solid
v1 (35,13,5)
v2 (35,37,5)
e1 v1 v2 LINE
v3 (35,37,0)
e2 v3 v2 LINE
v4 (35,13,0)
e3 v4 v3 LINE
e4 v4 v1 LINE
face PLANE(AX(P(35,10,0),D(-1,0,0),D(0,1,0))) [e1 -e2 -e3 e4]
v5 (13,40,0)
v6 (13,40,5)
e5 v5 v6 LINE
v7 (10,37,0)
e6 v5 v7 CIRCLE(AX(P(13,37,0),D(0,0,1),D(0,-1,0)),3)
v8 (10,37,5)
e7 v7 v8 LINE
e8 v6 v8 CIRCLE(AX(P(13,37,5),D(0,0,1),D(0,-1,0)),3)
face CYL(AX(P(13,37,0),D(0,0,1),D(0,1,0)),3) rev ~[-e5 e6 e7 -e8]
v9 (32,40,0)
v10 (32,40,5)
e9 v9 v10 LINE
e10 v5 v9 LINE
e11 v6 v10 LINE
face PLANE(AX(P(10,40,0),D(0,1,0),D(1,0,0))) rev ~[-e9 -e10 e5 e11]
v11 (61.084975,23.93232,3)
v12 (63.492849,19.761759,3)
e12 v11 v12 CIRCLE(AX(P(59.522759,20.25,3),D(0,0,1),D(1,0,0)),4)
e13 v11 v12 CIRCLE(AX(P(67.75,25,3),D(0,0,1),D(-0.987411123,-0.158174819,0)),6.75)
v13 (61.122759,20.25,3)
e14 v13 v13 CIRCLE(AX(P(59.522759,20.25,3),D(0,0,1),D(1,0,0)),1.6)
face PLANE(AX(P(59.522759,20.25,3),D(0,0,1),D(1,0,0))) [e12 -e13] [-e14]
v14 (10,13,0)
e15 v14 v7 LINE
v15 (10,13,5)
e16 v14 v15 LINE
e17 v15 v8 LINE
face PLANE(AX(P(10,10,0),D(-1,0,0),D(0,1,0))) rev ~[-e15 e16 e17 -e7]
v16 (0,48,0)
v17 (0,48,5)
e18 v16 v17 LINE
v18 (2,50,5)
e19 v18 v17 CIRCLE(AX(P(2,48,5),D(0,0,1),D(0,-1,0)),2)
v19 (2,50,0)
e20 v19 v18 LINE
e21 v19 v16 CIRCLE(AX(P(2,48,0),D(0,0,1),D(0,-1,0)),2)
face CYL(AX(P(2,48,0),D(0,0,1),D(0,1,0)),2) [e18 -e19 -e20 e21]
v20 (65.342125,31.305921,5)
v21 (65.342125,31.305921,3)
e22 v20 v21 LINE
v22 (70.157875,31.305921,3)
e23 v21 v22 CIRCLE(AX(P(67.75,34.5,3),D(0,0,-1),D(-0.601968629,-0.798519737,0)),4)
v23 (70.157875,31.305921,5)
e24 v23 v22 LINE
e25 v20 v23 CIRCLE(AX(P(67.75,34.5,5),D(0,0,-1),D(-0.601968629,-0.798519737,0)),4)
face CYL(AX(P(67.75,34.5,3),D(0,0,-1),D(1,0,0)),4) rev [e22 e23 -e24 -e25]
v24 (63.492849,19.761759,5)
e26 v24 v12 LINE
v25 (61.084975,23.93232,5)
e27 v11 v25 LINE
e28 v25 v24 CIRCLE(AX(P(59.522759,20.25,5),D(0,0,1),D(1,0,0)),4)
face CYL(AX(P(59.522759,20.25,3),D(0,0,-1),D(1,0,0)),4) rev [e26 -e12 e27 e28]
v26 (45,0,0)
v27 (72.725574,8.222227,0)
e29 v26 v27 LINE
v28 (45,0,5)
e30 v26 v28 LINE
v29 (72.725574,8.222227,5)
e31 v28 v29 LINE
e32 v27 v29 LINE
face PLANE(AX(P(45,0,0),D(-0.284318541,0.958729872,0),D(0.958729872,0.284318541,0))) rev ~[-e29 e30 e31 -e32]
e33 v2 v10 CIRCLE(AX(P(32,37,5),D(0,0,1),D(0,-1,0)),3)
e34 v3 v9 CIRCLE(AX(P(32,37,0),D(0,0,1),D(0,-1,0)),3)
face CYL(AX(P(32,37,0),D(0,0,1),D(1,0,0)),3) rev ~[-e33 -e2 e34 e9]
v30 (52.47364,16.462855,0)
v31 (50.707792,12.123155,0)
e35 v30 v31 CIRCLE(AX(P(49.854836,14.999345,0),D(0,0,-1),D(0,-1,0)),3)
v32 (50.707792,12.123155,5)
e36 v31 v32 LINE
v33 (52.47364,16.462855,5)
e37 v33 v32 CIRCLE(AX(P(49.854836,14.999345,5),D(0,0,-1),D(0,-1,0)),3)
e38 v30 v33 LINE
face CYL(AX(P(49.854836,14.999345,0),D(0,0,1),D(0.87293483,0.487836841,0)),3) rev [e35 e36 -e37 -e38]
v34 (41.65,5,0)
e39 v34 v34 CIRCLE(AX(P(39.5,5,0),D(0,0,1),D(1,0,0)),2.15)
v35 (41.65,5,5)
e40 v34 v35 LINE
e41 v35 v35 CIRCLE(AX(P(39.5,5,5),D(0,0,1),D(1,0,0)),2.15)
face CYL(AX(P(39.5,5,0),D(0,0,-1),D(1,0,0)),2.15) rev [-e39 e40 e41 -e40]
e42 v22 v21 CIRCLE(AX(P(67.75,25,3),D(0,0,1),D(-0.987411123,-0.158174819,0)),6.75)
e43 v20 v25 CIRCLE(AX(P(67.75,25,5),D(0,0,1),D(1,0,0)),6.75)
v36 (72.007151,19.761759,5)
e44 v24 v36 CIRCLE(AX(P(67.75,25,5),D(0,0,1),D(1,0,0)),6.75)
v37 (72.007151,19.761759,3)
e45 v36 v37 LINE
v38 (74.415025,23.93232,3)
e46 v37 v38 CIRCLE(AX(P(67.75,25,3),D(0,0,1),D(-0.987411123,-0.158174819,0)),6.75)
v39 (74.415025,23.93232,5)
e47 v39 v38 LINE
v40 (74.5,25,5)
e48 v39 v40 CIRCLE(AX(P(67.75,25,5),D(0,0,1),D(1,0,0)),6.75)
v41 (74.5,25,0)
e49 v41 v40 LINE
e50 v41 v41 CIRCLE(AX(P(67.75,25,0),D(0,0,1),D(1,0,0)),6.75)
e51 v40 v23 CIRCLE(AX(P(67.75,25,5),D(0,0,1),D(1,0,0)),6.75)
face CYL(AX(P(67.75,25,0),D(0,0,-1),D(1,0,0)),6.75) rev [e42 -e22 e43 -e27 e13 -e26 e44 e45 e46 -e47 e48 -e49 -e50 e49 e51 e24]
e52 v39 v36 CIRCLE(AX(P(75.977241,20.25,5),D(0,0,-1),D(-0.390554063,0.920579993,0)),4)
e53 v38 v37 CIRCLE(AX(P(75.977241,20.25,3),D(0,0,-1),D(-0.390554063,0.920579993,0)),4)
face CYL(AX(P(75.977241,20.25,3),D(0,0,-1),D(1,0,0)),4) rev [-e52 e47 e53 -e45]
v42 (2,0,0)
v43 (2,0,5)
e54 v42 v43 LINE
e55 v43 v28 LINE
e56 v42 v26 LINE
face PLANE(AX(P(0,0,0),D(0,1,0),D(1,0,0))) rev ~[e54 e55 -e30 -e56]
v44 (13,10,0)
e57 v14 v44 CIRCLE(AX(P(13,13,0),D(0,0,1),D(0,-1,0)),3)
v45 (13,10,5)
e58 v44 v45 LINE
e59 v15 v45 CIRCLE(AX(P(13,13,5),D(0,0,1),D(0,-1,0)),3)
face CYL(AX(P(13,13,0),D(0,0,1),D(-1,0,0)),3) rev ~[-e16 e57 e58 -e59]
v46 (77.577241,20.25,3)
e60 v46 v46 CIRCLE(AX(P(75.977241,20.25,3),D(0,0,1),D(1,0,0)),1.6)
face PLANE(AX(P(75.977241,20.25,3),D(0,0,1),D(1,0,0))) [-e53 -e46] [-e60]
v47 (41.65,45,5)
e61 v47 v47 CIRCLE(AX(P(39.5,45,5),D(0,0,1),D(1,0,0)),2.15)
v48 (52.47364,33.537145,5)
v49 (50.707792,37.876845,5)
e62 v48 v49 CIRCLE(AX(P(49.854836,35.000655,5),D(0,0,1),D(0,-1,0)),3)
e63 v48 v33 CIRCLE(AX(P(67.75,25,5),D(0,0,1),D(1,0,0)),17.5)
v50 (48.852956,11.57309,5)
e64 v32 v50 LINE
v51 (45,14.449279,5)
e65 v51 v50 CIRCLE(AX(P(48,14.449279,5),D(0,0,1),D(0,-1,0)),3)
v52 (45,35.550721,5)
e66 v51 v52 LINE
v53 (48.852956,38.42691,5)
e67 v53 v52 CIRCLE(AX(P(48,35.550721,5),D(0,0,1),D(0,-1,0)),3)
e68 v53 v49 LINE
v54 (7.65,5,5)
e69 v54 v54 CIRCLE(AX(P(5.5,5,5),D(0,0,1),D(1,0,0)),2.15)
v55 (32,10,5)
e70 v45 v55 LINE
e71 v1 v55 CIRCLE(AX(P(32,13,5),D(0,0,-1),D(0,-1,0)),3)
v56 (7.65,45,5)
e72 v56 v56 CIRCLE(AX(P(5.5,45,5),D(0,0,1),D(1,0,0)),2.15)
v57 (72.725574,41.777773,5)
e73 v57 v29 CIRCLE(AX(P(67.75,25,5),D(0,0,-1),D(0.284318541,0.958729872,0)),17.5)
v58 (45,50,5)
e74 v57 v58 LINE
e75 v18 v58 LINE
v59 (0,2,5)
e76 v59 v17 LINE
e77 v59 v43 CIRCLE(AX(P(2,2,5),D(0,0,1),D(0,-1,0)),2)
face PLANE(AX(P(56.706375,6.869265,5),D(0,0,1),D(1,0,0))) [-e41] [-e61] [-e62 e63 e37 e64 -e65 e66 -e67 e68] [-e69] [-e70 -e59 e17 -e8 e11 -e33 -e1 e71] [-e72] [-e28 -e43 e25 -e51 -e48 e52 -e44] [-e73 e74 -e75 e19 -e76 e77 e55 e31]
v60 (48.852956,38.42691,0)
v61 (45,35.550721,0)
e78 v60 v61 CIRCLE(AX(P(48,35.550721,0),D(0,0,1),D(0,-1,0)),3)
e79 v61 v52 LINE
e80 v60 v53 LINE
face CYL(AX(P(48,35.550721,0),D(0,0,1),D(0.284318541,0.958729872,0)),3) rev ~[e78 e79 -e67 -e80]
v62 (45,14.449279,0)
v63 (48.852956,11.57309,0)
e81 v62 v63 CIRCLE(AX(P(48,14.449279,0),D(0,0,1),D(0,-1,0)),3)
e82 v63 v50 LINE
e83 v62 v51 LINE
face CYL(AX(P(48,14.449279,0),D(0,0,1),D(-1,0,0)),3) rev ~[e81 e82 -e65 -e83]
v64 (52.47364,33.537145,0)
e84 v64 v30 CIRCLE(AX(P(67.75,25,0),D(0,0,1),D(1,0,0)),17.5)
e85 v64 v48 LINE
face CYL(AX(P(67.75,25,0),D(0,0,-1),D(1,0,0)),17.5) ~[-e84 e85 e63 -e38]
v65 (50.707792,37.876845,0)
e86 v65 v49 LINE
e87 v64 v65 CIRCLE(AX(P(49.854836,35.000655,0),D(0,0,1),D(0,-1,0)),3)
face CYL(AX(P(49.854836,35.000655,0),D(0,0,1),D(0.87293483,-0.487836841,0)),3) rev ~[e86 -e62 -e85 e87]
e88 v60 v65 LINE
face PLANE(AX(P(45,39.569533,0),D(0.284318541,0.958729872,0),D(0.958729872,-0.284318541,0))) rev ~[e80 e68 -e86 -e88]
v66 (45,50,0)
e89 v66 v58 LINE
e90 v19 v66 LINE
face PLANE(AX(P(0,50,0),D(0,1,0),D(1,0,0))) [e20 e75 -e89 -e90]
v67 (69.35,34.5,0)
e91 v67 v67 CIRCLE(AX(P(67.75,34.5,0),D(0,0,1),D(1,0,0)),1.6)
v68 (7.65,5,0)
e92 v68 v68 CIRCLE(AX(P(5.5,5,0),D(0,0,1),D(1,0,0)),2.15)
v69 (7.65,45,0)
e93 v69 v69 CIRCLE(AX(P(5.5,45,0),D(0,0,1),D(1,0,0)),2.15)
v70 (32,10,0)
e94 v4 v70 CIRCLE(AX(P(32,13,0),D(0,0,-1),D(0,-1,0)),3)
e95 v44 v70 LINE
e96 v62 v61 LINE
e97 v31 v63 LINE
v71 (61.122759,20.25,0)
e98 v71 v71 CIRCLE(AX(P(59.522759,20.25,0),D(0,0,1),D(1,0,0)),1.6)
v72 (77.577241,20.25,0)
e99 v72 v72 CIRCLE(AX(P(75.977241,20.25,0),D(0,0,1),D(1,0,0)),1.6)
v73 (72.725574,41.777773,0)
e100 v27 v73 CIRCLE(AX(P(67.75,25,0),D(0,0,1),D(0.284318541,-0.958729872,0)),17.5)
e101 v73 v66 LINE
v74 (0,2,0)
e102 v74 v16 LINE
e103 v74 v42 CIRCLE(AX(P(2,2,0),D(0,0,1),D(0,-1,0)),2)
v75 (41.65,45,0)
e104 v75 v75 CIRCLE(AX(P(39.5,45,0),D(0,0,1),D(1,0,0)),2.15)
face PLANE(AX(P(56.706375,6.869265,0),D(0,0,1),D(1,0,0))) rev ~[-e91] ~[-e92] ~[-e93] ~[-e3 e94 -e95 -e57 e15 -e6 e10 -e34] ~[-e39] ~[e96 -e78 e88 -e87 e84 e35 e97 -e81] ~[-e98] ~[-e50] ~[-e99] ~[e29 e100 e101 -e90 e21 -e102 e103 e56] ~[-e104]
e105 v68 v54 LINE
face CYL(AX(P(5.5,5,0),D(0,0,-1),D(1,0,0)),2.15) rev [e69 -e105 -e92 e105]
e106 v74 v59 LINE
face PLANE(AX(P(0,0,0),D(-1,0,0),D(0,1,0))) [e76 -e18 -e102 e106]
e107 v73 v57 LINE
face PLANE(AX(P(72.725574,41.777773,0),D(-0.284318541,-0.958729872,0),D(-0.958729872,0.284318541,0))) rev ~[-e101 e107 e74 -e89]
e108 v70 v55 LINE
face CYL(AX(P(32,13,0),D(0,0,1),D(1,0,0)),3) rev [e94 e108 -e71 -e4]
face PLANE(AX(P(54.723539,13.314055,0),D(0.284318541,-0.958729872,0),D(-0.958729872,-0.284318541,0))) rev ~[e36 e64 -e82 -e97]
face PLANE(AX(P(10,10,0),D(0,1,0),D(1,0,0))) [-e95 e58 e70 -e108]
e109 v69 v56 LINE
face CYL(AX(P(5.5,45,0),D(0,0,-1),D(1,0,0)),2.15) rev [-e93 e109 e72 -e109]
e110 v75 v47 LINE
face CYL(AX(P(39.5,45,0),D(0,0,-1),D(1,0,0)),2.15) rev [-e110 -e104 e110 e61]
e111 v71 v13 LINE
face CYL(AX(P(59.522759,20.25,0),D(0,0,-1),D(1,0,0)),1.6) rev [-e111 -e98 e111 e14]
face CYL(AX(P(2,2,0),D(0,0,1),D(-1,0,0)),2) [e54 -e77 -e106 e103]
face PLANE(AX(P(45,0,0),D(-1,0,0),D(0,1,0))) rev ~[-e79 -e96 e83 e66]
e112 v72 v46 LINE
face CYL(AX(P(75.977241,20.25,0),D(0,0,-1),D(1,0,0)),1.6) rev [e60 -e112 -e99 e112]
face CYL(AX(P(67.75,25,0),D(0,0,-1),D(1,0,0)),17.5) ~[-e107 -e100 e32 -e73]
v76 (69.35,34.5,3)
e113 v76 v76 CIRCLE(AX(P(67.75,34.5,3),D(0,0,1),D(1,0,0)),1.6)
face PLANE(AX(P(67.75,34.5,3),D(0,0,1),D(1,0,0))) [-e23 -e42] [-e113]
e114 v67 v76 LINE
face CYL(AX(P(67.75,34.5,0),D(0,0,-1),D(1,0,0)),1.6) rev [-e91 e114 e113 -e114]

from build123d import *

# Parameters (mm, degrees)
SKETCH_1_W          = 45
SKETCH_1_H          = 50
SKETCH_1_R          = 2.15
SKETCH_1_W_2        = 25
SKETCH_1_H_2        = 30
SKETCH_1_R_2        = 17.5
SKETCH_1_R_3        = 6.75
SKETCH_1_R_4        = 1.6
EXTRUDE_1_DEPTH     = 5
CUT_EXTRUDE_START   = -2
SKETCH_2_R          = 4
SKETCH_2_R_2        = 1.6
SKETCH_2_R_3        = 6.75
CUT_EXTRUDE_1_DEPTH = 2
FILLET_2_R          = 3
FILLET_3_R          = 2


with BuildPart() as part:
    # ｽｹｯﾁ1 → ﾎﾞｽ - 押し出し1 (new body)
    # profile 1 of 4: a face of its own
    with BuildSketch(Plane.XY):
        with Locations((22.5, 25)):
            Rectangle(SKETCH_1_W, SKETCH_1_H)
        with Locations((39.5, 45)):
            Circle(SKETCH_1_R, mode=Mode.SUBTRACT)
        with Locations((5.5, 45)):
            Circle(SKETCH_1_R, mode=Mode.SUBTRACT)
        with Locations((5.5, 5)):
            Circle(SKETCH_1_R, mode=Mode.SUBTRACT)
        with Locations((39.5, 5)):
            Circle(SKETCH_1_R, mode=Mode.SUBTRACT)
        with Locations((22.5, 25)):
            Rectangle(SKETCH_1_W_2, SKETCH_1_H_2, mode=Mode.SUBTRACT)
    # profile 2 of 4: a face of its own
    with BuildSketch(Plane.XY):
        with Locations((67.75, 25)):
            Circle(SKETCH_1_R_2)
        with Locations((67.75, 25)):
            Circle(SKETCH_1_R_3, mode=Mode.SUBTRACT)
        with Locations((67.75, 34.5)):
            Circle(SKETCH_1_R_4, mode=Mode.SUBTRACT)
        with Locations((75.977241336, 20.25)):
            Circle(SKETCH_1_R_4, mode=Mode.SUBTRACT)
        with Locations((59.522758664, 20.25)):
            Circle(SKETCH_1_R_4, mode=Mode.SUBTRACT)
    # profile 3 of 4: a face of its own
    with BuildSketch(Plane.XY):
        with BuildLine():
            Line((72.725574461, 41.77777276), (45, 50))
            Line((45, 50), (45, 39.569533304))
            Line((45, 39.569533304), (54.723538773, 36.685944887))
            ThreePointArc((54.723538773, 36.685944887), (62.987031157, 41.839362452), (72.725574461, 41.77777276))
        make_face()
    # profile 4 of 4: a face of its own
    with BuildSketch(Plane.XY):
        with BuildLine():
            Line((45, 10.430466696), (45, 0))
            Line((45, 0), (72.725574461, 8.22222724))
            ThreePointArc((72.725574461, 8.22222724), (62.987031157, 8.160637548), (54.723538773, 13.314055113))
            Line((54.723538773, 13.314055113), (45, 10.430466696))
        make_face()
    extrude(amount=EXTRUDE_1_DEPTH)

    # ｽｹｯﾁ2 → ｶｯﾄ - 押し出し1 (cut)
    # profile 1 of 6: a face of its own
    with BuildSketch(Plane.XY.offset(5).offset(CUT_EXTRUDE_START)):
        with Locations((67.75, 34.5)):
            Circle(SKETCH_2_R)
        with Locations((67.75, 34.5)):
            Circle(SKETCH_2_R_2, mode=Mode.SUBTRACT)
    # profile 2 of 6: a face of its own
    with BuildSketch(Plane.XY.offset(5).offset(CUT_EXTRUDE_START)):
        with Locations(Location((67.75, 25, 0), (0, 0, 189.100972034))):
            Circle(SKETCH_2_R_3)
    # profile 3 of 6: a face of its own
    with BuildSketch(Plane.XY.offset(5).offset(CUT_EXTRUDE_START)):
        with Locations(Location((67.75, 25, 0), (0, 0, 189.100972034))):
            Circle(SKETCH_2_R_3)
    # profile 4 of 6: a face of its own
    with BuildSketch(Plane.XY.offset(5).offset(CUT_EXTRUDE_START)):
        with Locations((59.522758664, 20.25)):
            Circle(SKETCH_2_R)
        with Locations((59.522758664, 20.25)):
            Circle(SKETCH_2_R_2, mode=Mode.SUBTRACT)
    # profile 5 of 6: a face of its own
    with BuildSketch(Plane.XY.offset(5).offset(CUT_EXTRUDE_START)):
        with Locations(Location((67.75, 25, 0), (0, 0, 189.100972034))):
            Circle(SKETCH_2_R_3)
    # profile 6 of 6: a face of its own
    with BuildSketch(Plane.XY.offset(5).offset(CUT_EXTRUDE_START)):
        with Locations((75.977241336, 20.25)):
            Circle(SKETCH_2_R)
        with Locations((75.977241336, 20.25)):
            Circle(SKETCH_2_R_2, mode=Mode.SUBTRACT)
    extrude(amount=CUT_EXTRUDE_1_DEPTH, mode=Mode.SUBTRACT)

    # ﾌｨﾚｯﾄ2
    fillet_2_edges = [part.edges().sort_by_distance(p)[0] for p in [
        (35, 40, 2.5),
        (10, 40, 2.5),
        (10, 10, 2.5),
        (35, 10, 2.5),
        (45, 39.569533304, 2.5),
        (45, 10.430466696, 2.5),
        (54.723538773, 13.314055113, 2.5),
        (54.723538773, 36.685944887, 2.5),
    ]]
    fillet(fillet_2_edges, radius=FILLET_2_R)

    # ﾌｨﾚｯﾄ3
    fillet_3_edges = [part.edges().sort_by_distance(p)[0] for p in [
        (0, 0, 2.5),
        (0, 50, 2.5),
    ]]
    fillet(fillet_3_edges, radius=FILLET_3_R)


solid = part.part
